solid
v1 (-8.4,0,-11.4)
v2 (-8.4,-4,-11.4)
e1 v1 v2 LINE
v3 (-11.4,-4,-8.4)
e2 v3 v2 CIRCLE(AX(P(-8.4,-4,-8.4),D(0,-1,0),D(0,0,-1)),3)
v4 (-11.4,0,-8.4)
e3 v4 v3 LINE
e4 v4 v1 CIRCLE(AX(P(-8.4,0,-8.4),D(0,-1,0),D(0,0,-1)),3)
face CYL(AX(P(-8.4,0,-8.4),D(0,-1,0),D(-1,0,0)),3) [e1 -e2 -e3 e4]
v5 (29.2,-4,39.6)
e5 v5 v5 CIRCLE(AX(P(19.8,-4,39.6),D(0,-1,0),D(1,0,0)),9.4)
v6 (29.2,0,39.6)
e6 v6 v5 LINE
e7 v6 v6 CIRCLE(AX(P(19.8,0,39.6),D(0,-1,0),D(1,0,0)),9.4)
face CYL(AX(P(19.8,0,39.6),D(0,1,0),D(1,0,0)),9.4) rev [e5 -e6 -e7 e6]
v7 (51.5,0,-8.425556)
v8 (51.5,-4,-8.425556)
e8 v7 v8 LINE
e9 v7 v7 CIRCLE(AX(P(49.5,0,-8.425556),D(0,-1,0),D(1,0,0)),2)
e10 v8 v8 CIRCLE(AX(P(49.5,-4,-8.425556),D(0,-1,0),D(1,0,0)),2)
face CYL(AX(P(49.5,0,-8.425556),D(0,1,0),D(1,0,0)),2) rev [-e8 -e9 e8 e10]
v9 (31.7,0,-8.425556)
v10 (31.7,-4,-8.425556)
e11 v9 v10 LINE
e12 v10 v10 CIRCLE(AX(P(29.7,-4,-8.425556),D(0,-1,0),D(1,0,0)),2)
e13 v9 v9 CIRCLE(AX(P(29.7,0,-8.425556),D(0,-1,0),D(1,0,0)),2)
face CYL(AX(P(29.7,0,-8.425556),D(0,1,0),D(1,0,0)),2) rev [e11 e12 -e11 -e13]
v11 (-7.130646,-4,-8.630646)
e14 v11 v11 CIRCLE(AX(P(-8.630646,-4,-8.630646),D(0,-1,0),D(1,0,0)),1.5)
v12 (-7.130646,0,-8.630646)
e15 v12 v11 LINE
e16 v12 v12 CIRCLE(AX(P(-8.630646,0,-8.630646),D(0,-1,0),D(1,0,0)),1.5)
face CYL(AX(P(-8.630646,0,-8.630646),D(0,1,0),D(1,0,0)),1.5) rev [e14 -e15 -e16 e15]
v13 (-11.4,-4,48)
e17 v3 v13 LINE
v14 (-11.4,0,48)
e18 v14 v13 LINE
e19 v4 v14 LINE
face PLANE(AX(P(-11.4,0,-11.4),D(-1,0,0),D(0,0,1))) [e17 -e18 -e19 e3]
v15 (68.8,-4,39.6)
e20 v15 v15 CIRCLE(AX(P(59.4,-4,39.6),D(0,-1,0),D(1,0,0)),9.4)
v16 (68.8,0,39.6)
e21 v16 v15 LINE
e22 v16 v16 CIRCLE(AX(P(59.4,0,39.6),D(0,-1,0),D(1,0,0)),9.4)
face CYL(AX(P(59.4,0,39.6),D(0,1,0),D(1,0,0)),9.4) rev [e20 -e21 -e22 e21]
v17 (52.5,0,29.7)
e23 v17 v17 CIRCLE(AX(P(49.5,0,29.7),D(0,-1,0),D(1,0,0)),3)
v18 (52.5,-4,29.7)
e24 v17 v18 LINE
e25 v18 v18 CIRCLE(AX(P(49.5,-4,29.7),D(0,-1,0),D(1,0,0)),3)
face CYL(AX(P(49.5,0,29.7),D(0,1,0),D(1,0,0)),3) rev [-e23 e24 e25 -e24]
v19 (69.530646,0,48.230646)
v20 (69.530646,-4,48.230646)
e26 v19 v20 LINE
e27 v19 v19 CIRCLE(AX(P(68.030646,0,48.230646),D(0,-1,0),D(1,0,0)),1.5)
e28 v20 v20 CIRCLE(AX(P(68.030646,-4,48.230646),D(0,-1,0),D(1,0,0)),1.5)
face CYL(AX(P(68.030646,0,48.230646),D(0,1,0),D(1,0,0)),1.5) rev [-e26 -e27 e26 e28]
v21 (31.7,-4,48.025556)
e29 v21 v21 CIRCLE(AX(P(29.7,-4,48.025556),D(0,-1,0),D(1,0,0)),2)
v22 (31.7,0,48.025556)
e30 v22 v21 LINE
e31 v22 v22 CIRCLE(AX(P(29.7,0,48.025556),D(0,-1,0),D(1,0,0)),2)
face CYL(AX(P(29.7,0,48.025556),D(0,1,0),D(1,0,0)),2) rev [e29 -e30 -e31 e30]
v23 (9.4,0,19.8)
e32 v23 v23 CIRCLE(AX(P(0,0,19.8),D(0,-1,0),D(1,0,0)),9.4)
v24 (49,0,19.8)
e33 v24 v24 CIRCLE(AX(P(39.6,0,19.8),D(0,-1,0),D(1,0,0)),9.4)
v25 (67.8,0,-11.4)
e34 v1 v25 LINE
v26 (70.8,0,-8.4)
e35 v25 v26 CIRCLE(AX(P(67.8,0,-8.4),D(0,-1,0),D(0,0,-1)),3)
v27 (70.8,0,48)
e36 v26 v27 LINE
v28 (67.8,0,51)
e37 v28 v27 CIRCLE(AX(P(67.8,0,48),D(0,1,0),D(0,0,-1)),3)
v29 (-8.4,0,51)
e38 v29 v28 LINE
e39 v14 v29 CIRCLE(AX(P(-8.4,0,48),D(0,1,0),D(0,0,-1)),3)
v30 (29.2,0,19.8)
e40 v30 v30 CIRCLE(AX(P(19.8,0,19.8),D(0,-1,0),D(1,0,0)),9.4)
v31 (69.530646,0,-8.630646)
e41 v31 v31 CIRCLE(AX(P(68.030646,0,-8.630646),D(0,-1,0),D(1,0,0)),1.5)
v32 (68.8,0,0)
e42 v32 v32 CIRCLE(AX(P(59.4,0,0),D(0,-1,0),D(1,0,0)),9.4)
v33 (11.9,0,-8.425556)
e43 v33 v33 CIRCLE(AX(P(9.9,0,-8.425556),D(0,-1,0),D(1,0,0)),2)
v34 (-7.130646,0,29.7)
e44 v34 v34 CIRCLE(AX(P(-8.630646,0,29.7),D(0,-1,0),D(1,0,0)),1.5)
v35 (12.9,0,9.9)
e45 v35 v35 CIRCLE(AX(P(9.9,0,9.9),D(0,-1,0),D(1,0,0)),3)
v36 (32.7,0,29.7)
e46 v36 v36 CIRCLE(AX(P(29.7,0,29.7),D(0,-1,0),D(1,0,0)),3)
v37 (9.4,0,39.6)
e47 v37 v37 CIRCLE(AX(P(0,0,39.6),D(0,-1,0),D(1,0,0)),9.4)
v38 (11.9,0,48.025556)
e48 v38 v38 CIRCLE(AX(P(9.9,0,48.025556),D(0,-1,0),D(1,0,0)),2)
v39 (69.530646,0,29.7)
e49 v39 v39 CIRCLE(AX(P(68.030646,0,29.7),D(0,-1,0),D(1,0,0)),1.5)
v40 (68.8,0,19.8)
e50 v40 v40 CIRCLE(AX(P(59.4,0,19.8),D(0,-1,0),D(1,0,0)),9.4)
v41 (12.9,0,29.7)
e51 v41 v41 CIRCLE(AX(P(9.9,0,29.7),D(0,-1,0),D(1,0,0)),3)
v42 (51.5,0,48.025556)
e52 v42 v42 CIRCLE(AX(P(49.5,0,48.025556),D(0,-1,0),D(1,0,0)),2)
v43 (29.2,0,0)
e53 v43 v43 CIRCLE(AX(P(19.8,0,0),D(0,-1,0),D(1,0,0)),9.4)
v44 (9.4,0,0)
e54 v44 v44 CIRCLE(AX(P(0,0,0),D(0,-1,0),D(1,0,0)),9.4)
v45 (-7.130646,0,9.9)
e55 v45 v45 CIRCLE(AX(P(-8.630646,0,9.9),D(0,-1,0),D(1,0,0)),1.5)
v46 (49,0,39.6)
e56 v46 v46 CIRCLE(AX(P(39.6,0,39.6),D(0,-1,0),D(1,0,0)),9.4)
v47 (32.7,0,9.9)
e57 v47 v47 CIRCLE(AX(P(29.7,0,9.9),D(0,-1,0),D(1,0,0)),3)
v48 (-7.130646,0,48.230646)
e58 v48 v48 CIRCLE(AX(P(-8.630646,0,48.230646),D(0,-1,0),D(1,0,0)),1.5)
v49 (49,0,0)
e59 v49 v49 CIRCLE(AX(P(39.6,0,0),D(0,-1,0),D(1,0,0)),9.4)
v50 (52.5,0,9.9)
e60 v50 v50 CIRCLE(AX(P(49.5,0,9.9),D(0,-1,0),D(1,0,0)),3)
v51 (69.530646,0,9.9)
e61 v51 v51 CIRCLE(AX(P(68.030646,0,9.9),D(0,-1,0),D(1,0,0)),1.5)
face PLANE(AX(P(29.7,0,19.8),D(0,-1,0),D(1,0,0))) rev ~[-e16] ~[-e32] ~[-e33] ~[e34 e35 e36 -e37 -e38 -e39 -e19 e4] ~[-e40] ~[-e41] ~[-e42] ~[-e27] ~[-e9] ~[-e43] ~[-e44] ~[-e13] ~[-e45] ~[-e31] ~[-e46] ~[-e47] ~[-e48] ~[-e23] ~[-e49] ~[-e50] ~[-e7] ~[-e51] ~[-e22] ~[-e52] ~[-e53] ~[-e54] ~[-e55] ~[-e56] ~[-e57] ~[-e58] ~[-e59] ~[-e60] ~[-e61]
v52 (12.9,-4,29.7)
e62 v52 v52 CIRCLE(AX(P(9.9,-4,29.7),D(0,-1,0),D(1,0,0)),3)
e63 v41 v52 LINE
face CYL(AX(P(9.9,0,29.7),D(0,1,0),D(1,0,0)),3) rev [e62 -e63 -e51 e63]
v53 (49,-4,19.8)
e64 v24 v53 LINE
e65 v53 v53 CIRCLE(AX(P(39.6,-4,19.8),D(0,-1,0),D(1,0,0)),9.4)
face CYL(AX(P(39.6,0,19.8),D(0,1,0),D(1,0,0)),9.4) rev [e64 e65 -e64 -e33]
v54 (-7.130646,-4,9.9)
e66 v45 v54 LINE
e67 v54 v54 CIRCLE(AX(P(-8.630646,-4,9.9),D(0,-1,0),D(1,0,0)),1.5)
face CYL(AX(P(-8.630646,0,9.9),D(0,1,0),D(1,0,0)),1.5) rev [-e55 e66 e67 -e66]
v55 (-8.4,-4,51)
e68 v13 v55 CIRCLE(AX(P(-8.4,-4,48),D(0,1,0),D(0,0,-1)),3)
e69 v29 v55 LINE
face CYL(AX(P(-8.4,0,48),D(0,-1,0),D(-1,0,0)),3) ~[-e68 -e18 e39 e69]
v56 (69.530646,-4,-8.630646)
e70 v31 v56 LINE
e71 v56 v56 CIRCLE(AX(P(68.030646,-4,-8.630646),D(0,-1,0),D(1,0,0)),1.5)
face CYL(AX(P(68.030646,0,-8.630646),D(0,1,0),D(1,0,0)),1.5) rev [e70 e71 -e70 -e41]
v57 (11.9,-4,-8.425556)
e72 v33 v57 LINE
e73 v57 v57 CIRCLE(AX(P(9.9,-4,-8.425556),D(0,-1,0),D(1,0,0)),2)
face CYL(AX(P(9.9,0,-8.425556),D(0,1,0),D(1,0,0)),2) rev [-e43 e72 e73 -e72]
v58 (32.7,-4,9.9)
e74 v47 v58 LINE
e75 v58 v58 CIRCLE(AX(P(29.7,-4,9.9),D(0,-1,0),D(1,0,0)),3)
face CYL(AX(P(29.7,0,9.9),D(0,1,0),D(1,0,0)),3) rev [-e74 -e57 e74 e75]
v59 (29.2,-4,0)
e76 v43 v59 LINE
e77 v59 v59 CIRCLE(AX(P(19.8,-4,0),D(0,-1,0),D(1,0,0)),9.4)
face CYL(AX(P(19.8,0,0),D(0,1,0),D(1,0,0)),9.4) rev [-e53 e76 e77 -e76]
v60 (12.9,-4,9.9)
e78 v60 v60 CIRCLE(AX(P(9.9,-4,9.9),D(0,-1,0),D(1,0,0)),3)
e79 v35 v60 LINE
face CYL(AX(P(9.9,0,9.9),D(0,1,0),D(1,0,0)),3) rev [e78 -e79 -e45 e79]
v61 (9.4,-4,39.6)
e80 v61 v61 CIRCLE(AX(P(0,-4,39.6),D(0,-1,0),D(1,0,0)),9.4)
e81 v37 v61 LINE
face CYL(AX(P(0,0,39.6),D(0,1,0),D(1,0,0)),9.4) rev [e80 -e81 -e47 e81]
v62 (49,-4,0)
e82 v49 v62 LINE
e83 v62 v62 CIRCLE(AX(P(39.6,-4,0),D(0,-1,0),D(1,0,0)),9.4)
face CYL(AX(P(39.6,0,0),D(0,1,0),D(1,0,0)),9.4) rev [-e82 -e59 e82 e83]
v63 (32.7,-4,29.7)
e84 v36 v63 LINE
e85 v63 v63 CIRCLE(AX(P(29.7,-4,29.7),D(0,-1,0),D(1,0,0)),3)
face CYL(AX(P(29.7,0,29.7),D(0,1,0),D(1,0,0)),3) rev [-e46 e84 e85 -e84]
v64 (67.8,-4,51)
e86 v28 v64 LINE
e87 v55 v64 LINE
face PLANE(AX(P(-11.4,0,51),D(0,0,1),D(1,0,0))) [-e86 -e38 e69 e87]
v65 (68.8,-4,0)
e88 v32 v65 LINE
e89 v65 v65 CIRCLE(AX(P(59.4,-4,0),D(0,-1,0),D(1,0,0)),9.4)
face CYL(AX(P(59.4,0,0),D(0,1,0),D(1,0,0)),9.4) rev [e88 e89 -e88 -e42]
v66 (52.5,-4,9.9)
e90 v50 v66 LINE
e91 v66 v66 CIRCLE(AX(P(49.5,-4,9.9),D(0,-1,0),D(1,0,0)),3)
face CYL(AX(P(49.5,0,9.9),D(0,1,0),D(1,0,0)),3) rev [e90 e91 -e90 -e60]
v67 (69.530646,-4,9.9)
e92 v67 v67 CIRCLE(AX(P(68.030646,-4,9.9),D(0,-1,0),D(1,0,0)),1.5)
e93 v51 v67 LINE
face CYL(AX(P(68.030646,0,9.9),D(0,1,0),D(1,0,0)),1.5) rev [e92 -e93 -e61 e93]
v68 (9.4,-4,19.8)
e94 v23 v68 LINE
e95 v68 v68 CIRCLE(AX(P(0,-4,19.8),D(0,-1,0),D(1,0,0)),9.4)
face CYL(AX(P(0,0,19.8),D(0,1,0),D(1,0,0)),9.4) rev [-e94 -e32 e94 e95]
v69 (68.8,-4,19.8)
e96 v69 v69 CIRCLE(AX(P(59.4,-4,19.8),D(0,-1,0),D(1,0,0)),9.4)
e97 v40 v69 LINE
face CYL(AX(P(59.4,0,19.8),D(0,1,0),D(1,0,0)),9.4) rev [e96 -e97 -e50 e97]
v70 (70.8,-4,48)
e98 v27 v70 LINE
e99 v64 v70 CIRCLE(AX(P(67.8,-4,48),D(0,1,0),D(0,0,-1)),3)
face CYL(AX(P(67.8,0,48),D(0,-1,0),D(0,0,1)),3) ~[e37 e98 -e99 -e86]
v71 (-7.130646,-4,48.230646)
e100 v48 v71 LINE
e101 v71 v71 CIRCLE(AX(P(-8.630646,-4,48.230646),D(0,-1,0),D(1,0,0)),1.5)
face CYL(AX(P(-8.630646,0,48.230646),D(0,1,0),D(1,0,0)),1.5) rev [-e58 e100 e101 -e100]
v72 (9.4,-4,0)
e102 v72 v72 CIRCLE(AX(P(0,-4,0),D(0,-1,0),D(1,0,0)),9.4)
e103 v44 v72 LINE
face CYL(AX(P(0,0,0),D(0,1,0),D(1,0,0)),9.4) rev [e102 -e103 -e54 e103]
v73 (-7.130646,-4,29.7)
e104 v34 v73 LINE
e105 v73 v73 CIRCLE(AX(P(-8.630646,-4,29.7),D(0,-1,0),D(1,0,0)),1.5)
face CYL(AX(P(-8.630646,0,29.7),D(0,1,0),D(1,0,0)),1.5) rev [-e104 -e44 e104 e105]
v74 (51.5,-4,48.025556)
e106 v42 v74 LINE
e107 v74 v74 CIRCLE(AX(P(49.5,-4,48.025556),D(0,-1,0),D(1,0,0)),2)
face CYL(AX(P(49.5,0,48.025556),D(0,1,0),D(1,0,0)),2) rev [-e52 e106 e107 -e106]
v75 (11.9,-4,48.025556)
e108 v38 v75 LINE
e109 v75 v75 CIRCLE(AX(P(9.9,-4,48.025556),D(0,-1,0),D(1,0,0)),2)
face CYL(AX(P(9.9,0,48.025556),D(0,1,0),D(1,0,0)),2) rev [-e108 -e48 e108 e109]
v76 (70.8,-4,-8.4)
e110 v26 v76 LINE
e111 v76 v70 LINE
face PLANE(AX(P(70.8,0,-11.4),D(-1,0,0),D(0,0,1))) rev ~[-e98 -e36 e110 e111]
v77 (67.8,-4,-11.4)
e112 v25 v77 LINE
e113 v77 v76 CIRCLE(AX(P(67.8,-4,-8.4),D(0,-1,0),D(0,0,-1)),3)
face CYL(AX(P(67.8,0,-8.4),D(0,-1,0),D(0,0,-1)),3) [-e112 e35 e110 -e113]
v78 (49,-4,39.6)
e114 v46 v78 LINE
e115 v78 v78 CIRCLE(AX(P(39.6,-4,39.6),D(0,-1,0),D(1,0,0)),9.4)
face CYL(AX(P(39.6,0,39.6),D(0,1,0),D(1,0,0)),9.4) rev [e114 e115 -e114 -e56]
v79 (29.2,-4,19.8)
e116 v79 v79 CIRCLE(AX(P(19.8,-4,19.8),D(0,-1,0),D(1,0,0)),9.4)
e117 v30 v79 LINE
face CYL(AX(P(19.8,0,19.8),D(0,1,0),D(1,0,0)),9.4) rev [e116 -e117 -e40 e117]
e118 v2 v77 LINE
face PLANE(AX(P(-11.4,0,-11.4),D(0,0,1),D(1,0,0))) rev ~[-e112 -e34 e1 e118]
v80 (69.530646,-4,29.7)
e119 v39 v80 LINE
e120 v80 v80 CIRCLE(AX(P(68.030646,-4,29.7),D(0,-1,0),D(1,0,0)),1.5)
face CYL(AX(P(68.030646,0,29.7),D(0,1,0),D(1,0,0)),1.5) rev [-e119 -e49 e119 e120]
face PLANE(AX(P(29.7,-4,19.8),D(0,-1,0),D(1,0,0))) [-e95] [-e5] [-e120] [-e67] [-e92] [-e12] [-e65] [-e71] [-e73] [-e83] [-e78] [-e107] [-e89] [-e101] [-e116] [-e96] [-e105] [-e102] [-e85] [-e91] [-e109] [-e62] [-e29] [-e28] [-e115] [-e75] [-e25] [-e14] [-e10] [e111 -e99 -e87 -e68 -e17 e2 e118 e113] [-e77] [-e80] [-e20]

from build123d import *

# Parameters (mm, degrees)
F0_W     = 82.2
F0_H     = 62.4
F0_R     = 1.5
F0_R_2   = 9.4
F0_R_3   = 2
F0_R_4   = 3
F1_DEPTH = 4
F2_R     = 3


with BuildPart() as f1:
    # F0 (on Front) → F1 (new body)
    with BuildSketch(Plane.XZ):
        with Locations((29.7, 19.8)):
            Rectangle(F0_W, F0_H)
        with Locations((-8.630646, -8.630646)):
            Circle(F0_R, mode=Mode.SUBTRACT)
        Circle(F0_R_2, mode=Mode.SUBTRACT)
        with Locations((9.9, -8.425556)):
            Circle(F0_R_3, mode=Mode.SUBTRACT)
        with Locations((19.8, 0)):
            Circle(F0_R_2, mode=Mode.SUBTRACT)
        with Locations((-8.630646, 9.9)):
            Circle(F0_R, mode=Mode.SUBTRACT)
        with Locations((9.9, 9.9)):
            Circle(F0_R_4, mode=Mode.SUBTRACT)
        with Locations((29.7, -8.425556)):
            Circle(F0_R_3, mode=Mode.SUBTRACT)
        with Locations((49.5, -8.425556)):
            Circle(F0_R_3, mode=Mode.SUBTRACT)
        with Locations((39.6, 0)):
            Circle(F0_R_2, mode=Mode.SUBTRACT)
        with Locations((68.030646, -8.630646)):
            Circle(F0_R, mode=Mode.SUBTRACT)
        with Locations((59.4, 0)):
            Circle(F0_R_2, mode=Mode.SUBTRACT)
        with Locations((29.7, 9.9)):
            Circle(F0_R_4, mode=Mode.SUBTRACT)
        with Locations((49.5, 9.9)):
            Circle(F0_R_4, mode=Mode.SUBTRACT)
        with Locations((68.030646, 9.9)):
            Circle(F0_R, mode=Mode.SUBTRACT)
        with Locations((0, 19.8)):
            Circle(F0_R_2, mode=Mode.SUBTRACT)
        with Locations((-8.630646, 29.7)):
            Circle(F0_R, mode=Mode.SUBTRACT)
        with Locations((19.8, 19.8)):
            Circle(F0_R_2, mode=Mode.SUBTRACT)
        with Locations((9.9, 29.7)):
            Circle(F0_R_4, mode=Mode.SUBTRACT)
        with Locations((0, 39.6)):
            Circle(F0_R_2, mode=Mode.SUBTRACT)
        with Locations((-8.630646, 48.230646)):
            Circle(F0_R, mode=Mode.SUBTRACT)
        with Locations((19.8, 39.6)):
            Circle(F0_R_2, mode=Mode.SUBTRACT)
        with Locations((9.9, 48.025556)):
            Circle(F0_R_3, mode=Mode.SUBTRACT)
        with Locations((39.6, 19.8)):
            Circle(F0_R_2, mode=Mode.SUBTRACT)
        with Locations((29.7, 29.7)):
            Circle(F0_R_4, mode=Mode.SUBTRACT)
        with Locations((49.5, 29.7)):
            Circle(F0_R_4, mode=Mode.SUBTRACT)
        with Locations((59.4, 19.8)):
            Circle(F0_R_2, mode=Mode.SUBTRACT)
        with Locations((68.030646, 29.7)):
            Circle(F0_R, mode=Mode.SUBTRACT)
        with Locations((39.6, 39.6)):
            Circle(F0_R_2, mode=Mode.SUBTRACT)
        with Locations((29.7, 48.025556)):
            Circle(F0_R_3, mode=Mode.SUBTRACT)
        with Locations((49.5, 48.025556)):
            Circle(F0_R_3, mode=Mode.SUBTRACT)
        with Locations((59.4, 39.6)):
            Circle(F0_R_2, mode=Mode.SUBTRACT)
        with Locations((68.030646, 48.230646)):
            Circle(F0_R, mode=Mode.SUBTRACT)
    extrude(amount=F1_DEPTH)

    # F2
    f2_edges = [f1.edges().sort_by_distance(p)[0] for p in [
        (70.8, -2, 51),
        (-11.4, -2, 51),
        (-11.4, -2, -11.4),
        (70.8, -2, -11.4),
    ]]
    fillet(f2_edges, radius=F2_R)


solid = f1.part
